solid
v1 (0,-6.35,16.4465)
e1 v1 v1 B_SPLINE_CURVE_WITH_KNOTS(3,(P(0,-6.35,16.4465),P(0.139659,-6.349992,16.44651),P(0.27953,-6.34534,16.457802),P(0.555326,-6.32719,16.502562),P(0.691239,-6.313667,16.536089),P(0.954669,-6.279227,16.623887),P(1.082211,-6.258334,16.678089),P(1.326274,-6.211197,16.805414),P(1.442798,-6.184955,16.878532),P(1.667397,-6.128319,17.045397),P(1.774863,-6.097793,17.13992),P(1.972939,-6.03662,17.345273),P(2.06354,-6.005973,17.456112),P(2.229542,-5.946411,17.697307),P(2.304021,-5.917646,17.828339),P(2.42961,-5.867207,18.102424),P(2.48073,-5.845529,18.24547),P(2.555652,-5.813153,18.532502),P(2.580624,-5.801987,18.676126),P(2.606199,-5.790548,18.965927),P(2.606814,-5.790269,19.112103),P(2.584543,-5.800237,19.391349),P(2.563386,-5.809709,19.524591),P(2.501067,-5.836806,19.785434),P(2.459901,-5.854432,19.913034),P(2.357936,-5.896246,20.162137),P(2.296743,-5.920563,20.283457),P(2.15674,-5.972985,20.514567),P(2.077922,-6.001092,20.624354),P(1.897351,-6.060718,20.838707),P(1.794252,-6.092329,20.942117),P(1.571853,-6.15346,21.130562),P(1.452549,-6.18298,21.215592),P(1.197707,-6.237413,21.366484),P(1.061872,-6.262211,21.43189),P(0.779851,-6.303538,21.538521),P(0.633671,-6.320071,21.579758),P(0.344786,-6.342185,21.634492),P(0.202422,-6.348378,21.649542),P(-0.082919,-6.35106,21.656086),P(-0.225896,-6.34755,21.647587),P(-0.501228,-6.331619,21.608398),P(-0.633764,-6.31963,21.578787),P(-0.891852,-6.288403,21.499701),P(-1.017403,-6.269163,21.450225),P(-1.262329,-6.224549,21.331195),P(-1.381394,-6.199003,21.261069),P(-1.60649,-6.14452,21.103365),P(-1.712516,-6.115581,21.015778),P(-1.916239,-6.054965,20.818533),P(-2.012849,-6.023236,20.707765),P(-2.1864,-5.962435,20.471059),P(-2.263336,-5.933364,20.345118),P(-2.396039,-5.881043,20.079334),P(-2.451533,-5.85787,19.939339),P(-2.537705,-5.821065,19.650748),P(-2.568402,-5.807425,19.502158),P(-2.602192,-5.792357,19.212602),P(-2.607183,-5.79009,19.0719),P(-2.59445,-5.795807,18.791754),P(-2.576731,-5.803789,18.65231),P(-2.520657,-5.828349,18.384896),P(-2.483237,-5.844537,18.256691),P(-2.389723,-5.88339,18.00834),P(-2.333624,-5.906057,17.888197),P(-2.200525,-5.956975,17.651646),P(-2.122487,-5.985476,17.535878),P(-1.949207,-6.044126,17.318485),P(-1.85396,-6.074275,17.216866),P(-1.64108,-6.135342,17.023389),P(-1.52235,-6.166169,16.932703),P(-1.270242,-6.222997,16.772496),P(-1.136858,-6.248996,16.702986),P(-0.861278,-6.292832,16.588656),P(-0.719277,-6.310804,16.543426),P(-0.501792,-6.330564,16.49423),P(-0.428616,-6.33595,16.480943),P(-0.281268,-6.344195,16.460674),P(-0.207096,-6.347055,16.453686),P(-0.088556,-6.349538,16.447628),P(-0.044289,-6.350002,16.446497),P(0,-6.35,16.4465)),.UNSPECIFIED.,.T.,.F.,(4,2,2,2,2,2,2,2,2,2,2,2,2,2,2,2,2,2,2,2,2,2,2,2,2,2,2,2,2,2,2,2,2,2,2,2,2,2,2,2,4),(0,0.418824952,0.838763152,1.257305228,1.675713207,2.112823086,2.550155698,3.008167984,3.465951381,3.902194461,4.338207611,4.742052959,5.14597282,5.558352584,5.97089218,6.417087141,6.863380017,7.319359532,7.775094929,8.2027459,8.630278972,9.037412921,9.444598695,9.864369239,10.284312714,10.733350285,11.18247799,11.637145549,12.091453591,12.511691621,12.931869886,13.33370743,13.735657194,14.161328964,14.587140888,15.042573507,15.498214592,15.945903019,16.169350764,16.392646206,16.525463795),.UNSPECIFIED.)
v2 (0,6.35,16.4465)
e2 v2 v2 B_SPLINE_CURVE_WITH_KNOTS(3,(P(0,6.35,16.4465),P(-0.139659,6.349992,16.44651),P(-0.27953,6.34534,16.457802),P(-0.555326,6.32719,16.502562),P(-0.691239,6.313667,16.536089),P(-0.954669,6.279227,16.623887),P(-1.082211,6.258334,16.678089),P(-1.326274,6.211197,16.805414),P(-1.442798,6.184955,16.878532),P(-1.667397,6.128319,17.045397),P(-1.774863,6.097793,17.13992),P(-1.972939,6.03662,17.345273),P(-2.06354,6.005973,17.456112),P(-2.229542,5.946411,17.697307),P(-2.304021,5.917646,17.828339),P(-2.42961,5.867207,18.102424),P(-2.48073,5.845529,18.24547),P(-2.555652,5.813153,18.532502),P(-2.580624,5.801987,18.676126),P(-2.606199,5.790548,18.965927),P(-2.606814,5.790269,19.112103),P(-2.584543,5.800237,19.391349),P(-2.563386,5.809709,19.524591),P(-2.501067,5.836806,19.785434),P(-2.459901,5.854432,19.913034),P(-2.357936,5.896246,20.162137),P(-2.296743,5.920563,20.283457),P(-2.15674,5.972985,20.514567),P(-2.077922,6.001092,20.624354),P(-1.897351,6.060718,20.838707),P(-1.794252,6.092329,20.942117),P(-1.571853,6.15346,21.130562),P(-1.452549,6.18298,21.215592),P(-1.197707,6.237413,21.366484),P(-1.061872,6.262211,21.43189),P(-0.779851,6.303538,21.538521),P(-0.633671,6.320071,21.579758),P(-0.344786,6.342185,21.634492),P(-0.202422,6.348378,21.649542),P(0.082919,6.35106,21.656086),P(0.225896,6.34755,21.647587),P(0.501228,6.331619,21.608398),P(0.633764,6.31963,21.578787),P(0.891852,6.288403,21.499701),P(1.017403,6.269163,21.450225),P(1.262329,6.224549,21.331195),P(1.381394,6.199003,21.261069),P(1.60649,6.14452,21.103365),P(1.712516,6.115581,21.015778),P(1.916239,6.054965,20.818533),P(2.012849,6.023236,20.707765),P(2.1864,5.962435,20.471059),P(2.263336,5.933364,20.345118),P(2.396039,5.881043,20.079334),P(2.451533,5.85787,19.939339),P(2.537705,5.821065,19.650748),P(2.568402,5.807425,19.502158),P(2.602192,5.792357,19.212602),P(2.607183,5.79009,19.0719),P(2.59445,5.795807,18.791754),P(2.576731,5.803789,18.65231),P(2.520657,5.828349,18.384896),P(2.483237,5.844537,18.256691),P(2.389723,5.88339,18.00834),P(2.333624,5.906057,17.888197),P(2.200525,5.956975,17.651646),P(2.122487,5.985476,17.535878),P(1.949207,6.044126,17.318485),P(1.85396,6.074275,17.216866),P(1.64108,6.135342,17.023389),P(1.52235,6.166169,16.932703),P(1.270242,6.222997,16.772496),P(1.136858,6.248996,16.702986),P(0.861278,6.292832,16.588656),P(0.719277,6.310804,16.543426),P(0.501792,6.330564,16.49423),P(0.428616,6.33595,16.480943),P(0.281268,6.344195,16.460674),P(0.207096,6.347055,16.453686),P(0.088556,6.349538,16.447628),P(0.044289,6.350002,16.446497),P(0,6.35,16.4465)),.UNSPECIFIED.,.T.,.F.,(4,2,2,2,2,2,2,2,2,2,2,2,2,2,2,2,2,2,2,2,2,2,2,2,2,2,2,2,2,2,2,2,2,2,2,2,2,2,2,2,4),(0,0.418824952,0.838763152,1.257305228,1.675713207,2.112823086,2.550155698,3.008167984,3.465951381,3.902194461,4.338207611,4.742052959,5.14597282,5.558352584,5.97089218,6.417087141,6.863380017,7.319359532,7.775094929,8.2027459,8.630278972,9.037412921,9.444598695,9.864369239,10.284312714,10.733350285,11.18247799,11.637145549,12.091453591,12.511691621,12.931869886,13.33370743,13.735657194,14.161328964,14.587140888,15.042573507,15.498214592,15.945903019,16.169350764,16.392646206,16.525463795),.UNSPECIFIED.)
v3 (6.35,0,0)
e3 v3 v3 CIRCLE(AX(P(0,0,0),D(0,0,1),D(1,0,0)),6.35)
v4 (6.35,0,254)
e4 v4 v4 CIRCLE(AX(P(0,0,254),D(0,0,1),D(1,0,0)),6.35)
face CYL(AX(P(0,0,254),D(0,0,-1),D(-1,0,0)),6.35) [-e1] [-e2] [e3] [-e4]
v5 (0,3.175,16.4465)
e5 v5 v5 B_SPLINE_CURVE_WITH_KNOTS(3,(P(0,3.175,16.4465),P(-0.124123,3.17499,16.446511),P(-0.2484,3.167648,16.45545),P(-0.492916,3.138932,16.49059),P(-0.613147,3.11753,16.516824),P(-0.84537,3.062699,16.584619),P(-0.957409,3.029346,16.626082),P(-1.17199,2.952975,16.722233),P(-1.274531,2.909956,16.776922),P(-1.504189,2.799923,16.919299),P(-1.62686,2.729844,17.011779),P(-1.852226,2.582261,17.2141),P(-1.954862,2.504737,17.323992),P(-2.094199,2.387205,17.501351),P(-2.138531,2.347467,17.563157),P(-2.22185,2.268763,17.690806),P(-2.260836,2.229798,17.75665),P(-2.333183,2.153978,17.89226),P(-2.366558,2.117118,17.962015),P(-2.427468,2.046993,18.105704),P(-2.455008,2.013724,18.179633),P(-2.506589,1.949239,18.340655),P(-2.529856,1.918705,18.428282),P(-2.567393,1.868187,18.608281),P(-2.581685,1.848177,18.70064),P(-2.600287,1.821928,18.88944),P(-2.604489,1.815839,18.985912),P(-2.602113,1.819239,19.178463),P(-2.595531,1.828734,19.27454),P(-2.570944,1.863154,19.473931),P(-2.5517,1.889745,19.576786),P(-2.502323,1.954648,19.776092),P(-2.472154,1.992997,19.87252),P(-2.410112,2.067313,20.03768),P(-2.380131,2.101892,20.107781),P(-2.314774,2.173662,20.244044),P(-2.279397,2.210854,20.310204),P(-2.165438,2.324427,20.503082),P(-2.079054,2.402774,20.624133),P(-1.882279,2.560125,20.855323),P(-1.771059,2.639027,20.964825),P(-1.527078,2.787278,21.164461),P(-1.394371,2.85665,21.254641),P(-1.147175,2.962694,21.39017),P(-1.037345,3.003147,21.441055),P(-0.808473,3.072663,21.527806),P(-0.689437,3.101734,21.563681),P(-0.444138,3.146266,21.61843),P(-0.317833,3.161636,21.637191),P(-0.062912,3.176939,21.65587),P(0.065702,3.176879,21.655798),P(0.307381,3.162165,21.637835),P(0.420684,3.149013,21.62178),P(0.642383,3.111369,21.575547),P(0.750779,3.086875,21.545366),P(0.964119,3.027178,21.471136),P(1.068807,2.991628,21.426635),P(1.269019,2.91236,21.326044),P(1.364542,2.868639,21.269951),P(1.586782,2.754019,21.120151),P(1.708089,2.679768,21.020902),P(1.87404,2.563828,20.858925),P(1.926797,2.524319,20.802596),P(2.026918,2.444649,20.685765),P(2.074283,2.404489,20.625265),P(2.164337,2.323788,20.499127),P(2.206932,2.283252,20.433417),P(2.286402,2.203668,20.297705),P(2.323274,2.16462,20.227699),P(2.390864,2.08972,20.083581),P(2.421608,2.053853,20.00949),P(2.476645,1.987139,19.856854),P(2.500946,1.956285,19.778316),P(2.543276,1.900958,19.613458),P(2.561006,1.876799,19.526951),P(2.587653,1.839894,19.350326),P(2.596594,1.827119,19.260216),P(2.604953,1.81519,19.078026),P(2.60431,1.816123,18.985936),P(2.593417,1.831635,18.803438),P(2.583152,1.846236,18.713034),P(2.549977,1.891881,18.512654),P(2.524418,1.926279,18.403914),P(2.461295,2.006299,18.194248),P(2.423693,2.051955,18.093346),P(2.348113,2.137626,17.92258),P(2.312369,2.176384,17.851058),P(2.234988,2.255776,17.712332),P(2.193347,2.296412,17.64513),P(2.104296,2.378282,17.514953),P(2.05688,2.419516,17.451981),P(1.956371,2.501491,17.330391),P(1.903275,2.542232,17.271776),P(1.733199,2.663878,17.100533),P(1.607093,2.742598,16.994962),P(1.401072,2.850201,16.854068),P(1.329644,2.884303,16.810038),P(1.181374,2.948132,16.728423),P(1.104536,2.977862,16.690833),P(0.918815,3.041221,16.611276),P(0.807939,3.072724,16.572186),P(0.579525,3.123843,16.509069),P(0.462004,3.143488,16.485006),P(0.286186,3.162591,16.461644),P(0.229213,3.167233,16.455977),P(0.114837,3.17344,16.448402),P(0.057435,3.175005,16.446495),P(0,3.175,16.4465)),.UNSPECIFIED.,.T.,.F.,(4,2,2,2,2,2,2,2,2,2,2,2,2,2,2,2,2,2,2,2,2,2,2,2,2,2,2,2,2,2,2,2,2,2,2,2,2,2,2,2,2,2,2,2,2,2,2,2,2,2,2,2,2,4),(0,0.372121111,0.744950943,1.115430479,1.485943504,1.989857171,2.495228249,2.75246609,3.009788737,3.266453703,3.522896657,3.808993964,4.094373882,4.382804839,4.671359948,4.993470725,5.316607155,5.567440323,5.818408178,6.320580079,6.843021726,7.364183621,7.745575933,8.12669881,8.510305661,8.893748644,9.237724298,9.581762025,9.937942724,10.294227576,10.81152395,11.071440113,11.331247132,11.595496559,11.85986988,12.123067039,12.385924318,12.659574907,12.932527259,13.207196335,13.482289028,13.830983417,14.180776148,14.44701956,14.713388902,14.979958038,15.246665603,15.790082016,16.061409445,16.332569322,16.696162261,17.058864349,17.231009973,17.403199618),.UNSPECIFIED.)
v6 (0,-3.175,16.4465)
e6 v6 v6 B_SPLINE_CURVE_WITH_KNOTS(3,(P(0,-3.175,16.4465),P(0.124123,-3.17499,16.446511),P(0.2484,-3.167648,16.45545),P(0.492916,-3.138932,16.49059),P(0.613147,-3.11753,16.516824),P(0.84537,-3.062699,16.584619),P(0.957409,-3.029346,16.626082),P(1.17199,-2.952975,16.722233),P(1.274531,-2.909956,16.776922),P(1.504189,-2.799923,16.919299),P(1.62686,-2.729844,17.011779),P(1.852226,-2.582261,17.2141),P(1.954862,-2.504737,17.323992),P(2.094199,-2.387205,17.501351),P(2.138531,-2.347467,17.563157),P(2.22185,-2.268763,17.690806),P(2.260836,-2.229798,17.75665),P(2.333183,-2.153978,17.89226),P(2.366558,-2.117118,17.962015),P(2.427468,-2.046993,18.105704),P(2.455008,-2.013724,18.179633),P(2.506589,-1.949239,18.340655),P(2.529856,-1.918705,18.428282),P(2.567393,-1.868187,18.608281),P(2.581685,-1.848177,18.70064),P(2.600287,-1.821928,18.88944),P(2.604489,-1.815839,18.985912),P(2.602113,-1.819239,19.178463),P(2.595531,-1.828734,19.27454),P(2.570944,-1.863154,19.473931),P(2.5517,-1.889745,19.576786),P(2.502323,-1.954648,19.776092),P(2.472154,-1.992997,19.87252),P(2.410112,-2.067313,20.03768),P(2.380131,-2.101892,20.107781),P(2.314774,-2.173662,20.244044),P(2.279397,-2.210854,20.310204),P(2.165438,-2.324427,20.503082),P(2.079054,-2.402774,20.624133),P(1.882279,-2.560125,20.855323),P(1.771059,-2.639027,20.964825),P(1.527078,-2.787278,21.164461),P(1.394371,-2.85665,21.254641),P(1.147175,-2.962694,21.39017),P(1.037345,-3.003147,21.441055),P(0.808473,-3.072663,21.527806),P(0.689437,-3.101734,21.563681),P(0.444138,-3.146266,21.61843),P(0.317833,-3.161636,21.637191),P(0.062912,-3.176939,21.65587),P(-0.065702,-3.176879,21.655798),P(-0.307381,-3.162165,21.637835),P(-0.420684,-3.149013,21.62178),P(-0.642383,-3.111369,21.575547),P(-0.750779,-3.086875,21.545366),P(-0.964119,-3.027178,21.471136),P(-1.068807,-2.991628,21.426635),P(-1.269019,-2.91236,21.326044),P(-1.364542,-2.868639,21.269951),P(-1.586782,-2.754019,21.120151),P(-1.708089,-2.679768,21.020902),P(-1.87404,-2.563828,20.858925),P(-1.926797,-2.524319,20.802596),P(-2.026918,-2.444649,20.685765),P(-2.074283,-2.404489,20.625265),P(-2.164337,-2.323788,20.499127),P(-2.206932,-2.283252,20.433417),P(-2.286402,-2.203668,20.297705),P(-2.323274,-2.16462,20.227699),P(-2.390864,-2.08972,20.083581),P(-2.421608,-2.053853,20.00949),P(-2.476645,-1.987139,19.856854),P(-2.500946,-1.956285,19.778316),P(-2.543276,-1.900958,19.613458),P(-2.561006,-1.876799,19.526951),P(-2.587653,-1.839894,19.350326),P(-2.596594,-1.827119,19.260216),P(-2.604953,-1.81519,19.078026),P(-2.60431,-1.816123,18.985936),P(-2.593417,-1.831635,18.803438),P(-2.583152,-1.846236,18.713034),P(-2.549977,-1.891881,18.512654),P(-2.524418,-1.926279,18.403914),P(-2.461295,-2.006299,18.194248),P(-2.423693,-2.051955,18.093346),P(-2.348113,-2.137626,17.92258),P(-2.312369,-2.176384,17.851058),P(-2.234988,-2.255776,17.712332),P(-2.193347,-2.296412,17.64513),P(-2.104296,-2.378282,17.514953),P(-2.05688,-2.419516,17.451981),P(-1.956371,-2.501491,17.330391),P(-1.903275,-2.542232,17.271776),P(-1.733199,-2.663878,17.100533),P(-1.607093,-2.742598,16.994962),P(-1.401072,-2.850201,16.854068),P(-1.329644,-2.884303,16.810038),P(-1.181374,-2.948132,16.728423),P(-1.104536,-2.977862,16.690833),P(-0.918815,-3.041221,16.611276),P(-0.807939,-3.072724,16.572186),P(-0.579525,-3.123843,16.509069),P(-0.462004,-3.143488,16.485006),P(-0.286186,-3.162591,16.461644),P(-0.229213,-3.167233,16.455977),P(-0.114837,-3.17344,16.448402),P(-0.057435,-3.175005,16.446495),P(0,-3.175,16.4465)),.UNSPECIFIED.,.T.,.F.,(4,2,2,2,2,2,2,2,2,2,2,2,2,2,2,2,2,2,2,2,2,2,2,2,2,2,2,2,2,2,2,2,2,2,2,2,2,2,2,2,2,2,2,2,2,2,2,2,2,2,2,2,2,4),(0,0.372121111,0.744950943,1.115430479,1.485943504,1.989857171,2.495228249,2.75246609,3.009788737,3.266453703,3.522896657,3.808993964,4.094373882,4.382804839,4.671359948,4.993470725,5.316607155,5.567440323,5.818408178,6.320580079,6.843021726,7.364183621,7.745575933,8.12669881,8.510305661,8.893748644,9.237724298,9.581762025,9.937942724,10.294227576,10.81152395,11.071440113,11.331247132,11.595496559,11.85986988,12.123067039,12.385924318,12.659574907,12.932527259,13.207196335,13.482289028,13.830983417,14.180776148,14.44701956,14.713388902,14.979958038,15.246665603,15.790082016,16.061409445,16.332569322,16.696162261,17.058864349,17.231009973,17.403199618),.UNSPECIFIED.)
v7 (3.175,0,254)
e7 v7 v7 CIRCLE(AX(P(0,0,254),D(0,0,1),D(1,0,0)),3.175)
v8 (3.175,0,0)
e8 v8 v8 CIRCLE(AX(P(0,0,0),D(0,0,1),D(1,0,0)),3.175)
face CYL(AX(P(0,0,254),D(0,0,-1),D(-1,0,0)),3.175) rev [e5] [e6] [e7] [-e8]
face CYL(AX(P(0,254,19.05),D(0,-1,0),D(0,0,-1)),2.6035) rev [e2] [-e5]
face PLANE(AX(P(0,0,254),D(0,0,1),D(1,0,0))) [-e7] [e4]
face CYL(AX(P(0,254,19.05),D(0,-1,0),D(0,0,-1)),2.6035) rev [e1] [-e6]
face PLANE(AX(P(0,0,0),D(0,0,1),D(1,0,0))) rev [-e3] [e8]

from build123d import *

# Parameters (mm, degrees)
SKETCH1_R               = 6.35
SKETCH1_R_2             = 3.175
BOSS_EXTRUDE1_DEPTH     = 254
CUT_EXTRUDE1_DEPTH      = 254
CUT_EXTRUDE1_DEPTH_BACK = 254
SKETCH2_R               = 2.6035


with BuildPart() as part:
    # Sketch1 → Boss-Extrude1 (new body)
    with BuildSketch(Plane.XY):
        Circle(SKETCH1_R)
        Circle(SKETCH1_R_2, mode=Mode.SUBTRACT)
    extrude(amount=BOSS_EXTRUDE1_DEPTH)

    # Sketch2 → Cut-Extrude1 (cut, two sides: drawn at the far end of the back side and taken through both)
    with BuildSketch(Plane(origin=(0, 0, 0), x_dir=(1, 0, 0), z_dir=(0, 1, 0)).offset(-CUT_EXTRUDE1_DEPTH_BACK)):
        with Locations((0, -19.05)):
            Circle(SKETCH2_R)
    extrude(amount=CUT_EXTRUDE1_DEPTH + CUT_EXTRUDE1_DEPTH_BACK, mode=Mode.SUBTRACT)


solid = part.part
